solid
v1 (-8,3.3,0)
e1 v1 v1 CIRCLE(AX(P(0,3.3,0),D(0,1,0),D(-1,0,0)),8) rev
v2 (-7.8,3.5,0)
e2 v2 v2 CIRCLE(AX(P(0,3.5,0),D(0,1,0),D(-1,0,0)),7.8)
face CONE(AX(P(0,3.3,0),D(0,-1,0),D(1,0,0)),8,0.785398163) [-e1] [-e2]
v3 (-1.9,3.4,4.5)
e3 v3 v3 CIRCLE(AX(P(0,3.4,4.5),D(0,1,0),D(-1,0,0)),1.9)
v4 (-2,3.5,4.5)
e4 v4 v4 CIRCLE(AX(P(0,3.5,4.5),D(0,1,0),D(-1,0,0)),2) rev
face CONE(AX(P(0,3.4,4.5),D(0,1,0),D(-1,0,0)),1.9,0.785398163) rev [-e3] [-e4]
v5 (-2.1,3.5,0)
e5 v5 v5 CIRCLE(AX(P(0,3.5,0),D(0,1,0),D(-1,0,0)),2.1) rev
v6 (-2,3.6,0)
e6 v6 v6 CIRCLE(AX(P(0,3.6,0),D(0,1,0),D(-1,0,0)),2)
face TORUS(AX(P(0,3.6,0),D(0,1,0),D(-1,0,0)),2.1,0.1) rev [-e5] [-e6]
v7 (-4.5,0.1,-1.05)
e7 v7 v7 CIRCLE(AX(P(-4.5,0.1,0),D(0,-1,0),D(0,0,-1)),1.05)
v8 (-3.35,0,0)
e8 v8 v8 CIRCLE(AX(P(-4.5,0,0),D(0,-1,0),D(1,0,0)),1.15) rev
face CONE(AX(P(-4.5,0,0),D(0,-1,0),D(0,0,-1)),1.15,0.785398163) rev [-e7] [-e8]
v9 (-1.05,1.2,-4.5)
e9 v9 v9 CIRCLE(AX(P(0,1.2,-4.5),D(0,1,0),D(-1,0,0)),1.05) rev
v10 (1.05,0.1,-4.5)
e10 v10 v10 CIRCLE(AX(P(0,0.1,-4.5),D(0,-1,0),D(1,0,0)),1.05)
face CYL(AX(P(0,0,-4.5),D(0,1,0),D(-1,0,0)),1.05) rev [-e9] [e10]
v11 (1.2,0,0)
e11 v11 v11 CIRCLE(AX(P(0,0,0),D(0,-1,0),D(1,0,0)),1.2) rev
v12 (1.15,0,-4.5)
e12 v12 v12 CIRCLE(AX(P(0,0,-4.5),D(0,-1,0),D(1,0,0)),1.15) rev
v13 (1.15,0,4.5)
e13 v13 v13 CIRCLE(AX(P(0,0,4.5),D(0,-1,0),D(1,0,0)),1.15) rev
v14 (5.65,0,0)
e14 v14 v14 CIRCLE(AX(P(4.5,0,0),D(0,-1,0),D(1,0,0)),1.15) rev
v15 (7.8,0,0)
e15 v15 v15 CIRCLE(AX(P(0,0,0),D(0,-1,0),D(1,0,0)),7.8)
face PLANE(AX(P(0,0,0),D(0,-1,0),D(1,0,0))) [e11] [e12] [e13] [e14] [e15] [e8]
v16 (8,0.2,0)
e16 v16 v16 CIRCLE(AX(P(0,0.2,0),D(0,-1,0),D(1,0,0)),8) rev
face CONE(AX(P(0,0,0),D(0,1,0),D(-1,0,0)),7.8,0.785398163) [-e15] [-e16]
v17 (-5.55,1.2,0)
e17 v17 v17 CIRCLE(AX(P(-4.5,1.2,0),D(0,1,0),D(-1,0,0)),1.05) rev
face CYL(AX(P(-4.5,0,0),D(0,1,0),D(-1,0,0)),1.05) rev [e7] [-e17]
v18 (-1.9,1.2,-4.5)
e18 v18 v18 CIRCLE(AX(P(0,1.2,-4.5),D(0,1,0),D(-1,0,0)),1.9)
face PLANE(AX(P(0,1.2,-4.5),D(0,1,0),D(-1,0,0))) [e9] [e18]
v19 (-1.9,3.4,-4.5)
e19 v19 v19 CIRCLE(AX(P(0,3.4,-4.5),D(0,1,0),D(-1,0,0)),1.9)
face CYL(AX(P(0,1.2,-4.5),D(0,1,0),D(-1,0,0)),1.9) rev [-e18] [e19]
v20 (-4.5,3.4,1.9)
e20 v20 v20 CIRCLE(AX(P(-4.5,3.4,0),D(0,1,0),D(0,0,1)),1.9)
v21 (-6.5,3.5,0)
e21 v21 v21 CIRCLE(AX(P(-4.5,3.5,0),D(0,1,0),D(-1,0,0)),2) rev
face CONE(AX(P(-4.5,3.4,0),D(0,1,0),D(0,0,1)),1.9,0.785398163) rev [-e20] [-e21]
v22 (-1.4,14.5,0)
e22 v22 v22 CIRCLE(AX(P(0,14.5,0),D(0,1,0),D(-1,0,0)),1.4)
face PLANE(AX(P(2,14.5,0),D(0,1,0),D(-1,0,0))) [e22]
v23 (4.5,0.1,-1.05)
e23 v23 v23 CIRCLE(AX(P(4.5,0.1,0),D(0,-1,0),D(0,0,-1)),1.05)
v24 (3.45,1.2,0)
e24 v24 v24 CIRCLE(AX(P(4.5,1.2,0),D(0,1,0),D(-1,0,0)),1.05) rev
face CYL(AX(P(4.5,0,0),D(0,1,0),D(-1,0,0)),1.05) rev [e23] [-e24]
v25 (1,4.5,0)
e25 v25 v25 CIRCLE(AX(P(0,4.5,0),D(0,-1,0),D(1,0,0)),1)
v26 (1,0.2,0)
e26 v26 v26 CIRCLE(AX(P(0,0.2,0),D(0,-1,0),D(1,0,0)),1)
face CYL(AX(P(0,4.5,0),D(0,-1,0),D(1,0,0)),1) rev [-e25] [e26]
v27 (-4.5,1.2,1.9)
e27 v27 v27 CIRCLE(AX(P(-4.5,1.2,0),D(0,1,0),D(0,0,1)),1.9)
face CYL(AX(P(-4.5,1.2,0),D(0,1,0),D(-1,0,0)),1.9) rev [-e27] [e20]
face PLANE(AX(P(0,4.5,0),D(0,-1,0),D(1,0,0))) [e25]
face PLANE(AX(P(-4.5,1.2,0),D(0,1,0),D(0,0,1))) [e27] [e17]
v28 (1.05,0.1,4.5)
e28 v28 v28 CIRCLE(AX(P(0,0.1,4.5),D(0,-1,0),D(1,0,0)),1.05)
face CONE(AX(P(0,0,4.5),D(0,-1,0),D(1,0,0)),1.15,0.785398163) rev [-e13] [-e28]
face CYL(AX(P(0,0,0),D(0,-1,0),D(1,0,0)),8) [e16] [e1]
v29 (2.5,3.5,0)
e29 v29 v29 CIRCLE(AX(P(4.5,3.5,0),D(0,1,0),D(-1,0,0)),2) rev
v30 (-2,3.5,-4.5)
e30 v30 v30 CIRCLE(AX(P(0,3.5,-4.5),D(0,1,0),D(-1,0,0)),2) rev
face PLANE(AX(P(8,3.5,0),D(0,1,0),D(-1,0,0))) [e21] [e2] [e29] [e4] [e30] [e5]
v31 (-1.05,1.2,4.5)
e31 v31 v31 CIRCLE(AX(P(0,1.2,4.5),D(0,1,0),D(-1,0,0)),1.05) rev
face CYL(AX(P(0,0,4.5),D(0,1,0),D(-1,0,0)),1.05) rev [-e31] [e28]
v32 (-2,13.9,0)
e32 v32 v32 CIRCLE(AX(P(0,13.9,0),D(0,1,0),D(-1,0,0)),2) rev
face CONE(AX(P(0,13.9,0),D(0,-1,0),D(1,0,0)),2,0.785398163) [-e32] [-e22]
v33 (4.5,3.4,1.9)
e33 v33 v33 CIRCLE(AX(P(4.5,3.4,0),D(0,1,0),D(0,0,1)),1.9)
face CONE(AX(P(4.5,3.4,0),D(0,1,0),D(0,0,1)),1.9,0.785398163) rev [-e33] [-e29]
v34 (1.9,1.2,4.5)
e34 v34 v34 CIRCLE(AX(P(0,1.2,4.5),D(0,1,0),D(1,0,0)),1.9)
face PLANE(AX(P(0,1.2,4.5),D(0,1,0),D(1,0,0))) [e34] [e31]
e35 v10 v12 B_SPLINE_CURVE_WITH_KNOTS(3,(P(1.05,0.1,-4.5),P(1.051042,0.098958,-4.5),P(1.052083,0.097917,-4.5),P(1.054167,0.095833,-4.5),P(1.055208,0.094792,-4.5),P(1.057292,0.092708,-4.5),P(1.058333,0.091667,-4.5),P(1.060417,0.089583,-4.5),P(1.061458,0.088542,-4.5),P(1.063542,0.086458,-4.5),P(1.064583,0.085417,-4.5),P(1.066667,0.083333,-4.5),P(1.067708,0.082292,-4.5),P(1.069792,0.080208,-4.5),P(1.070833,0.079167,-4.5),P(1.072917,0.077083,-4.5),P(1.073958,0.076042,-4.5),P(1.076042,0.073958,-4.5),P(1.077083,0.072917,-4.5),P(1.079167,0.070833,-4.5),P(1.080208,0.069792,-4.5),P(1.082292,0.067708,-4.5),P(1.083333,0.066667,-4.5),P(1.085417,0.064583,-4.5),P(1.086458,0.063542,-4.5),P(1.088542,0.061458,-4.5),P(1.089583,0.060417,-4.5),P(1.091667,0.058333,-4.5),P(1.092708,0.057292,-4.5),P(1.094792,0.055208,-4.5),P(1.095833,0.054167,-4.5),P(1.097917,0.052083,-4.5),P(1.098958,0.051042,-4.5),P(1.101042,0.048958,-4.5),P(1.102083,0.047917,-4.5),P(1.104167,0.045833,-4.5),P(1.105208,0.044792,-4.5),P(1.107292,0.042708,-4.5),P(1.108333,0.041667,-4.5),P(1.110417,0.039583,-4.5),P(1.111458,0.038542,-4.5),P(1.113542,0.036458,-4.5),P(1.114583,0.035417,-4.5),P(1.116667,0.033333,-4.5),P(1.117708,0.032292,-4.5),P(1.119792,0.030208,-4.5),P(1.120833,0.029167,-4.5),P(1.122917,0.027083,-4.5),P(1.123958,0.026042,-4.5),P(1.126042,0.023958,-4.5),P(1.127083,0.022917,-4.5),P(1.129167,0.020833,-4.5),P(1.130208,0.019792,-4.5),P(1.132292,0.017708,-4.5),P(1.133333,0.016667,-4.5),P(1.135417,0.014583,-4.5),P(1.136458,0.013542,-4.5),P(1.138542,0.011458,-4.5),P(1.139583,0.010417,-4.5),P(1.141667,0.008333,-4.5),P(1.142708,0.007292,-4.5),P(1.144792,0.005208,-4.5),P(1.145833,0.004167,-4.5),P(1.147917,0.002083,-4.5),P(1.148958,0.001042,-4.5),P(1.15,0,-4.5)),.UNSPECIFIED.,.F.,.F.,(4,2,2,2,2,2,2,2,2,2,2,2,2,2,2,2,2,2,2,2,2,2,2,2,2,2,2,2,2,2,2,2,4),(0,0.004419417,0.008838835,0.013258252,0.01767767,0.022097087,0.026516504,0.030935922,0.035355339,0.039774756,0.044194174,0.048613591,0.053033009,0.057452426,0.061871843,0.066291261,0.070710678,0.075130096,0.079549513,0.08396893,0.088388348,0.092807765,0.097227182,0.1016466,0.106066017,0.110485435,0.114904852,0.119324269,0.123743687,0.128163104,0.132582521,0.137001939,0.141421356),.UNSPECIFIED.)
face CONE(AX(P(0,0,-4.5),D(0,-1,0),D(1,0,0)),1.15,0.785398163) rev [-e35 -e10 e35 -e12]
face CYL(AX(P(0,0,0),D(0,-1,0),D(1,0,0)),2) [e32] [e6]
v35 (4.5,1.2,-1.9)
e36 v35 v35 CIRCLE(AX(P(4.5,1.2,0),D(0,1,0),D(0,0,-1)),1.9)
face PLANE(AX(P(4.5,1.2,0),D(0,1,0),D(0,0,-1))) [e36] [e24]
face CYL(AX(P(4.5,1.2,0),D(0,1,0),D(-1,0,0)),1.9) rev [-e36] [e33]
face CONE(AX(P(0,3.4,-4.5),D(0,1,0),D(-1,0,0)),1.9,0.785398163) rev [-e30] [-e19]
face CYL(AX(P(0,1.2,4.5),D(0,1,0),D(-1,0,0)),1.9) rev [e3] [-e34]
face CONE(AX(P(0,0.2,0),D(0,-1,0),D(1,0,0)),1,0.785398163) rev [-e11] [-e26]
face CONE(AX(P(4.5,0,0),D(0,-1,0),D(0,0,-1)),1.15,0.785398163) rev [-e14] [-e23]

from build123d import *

# Parameters (mm, degrees)
SKIZZE3_R                       = 1.05
SCHNITT_LINEAR_AUSTRAGEN1_DEPTH = 16.779733838
SKIZZE4_R                       = 1.9
SCHNITT_LINEAR_AUSTRAGEN2_DEPTH = 2.3
FASE1_SIZE                      = 0.1
KREISMUSTER1_COUNT              = 4
FASE1_OF_KREISMUSTER1_SIZE      = 0.1
VERRUNDUNG1_R                   = 0.1
FASE2_SIZE                      = 0.6
SKIZZE5_R                       = 1
SCHNITT_LINEAR_AUSTRAGEN3_DEPTH = 4.5
FASE3_SIZE                      = 0.2


with BuildPart() as part:
    # Skizze2 → Rotation1 (revolve)
    with BuildSketch(Plane.XY):
        Polygon((0, 0), (8, 0), (8, 3.5), (2, 3.5), (2, 14.5), (0, 14.5), align=None)
    revolve(axis=Axis((0, 0, 0), (0, 1, 0)))

    # Skizze3 → Schnitt-Linear austragen1 (cut, through all)
    with BuildSketch(Plane(origin=(0, 3.5, 0), x_dir=(1, 0, 0), z_dir=(0, 1, 0))):
        with Locations(Location((0, 4.5, 0), (0, 0, 180))):
            Circle(SKIZZE3_R)
    schnitt_linear_austragen1 = extrude(amount=-SCHNITT_LINEAR_AUSTRAGEN1_DEPTH, mode=Mode.SUBTRACT)

    # Skizze4 → Schnitt-Linear austragen2 (cut)
    with BuildSketch(Plane(origin=(0, 3.5, 0), x_dir=(1, 0, 0), z_dir=(0, 1, 0))):
        with Locations(Location((0, 4.5, 0), (0, 0, 180))):
            Circle(SKIZZE4_R)
    schnitt_linear_austragen2 = extrude(amount=-SCHNITT_LINEAR_AUSTRAGEN2_DEPTH, mode=Mode.SUBTRACT)

    # Fase1
    fase1_edges = [part.edges().sort_by_distance(p)[0] for p in [
        (1.05, 0, -4.5),
        (1.9, 3.5, -4.5),
    ]]
    chamfer(fase1_edges, length=FASE1_SIZE)

    # Kreismuster1: Schnitt-Linear austragen1, Schnitt-Linear austragen2 ×4 about axis
    kreismuster1_axis = Axis((0, 0, 0), (0, 1, 0))
    add([schnitt_linear_austragen1.rotate(kreismuster1_axis, i * 360 / KREISMUSTER1_COUNT) for i in range(1, KREISMUSTER1_COUNT)], mode=Mode.SUBTRACT)
    add([schnitt_linear_austragen2.rotate(kreismuster1_axis, i * 360 / KREISMUSTER1_COUNT) for i in range(1, KREISMUSTER1_COUNT)], mode=Mode.SUBTRACT)

    # Fase1 of Kreismuster1
    fase1_of_kreismuster1_edges = [part.edges().sort_by_distance(p)[0] for p in [
        (-4.5, 0, -1.05),
        (-4.5, 3.5, -1.9),
        (-1.05, 0, 4.5),
        (-1.9, 3.5, 4.5),
        (4.5, 0, 1.05),
        (4.5, 3.5, 1.9),
    ]]
    chamfer(fase1_of_kreismuster1_edges, length=FASE1_OF_KREISMUSTER1_SIZE)

    # Verrundung1
    verrundung1_edges = [part.edges().sort_by_distance(p)[0] for p in [
        (-2, 3.5, 0),
    ]]
    fillet(verrundung1_edges, radius=VERRUNDUNG1_R)

    # Fase2
    fase2_edges = [part.edges().sort_by_distance(p)[0] for p in [
        (-2, 14.5, 0),
    ]]
    chamfer(fase2_edges, length=FASE2_SIZE)

    # Skizze5 → Schnitt-Linear austragen3 (cut)
    with BuildSketch(Plane.XZ):
        Circle(SKIZZE5_R)
    extrude(amount=-SCHNITT_LINEAR_AUSTRAGEN3_DEPTH, mode=Mode.SUBTRACT)

    # Fase3
    fase3_edges = [part.edges().sort_by_distance(p)[0] for p in [
        (-8, 3.5, 0),
        (-8, 0, 0),
        (-1, 0, 0),
    ]]
    chamfer(fase3_edges, length=FASE3_SIZE)


solid = part.part
